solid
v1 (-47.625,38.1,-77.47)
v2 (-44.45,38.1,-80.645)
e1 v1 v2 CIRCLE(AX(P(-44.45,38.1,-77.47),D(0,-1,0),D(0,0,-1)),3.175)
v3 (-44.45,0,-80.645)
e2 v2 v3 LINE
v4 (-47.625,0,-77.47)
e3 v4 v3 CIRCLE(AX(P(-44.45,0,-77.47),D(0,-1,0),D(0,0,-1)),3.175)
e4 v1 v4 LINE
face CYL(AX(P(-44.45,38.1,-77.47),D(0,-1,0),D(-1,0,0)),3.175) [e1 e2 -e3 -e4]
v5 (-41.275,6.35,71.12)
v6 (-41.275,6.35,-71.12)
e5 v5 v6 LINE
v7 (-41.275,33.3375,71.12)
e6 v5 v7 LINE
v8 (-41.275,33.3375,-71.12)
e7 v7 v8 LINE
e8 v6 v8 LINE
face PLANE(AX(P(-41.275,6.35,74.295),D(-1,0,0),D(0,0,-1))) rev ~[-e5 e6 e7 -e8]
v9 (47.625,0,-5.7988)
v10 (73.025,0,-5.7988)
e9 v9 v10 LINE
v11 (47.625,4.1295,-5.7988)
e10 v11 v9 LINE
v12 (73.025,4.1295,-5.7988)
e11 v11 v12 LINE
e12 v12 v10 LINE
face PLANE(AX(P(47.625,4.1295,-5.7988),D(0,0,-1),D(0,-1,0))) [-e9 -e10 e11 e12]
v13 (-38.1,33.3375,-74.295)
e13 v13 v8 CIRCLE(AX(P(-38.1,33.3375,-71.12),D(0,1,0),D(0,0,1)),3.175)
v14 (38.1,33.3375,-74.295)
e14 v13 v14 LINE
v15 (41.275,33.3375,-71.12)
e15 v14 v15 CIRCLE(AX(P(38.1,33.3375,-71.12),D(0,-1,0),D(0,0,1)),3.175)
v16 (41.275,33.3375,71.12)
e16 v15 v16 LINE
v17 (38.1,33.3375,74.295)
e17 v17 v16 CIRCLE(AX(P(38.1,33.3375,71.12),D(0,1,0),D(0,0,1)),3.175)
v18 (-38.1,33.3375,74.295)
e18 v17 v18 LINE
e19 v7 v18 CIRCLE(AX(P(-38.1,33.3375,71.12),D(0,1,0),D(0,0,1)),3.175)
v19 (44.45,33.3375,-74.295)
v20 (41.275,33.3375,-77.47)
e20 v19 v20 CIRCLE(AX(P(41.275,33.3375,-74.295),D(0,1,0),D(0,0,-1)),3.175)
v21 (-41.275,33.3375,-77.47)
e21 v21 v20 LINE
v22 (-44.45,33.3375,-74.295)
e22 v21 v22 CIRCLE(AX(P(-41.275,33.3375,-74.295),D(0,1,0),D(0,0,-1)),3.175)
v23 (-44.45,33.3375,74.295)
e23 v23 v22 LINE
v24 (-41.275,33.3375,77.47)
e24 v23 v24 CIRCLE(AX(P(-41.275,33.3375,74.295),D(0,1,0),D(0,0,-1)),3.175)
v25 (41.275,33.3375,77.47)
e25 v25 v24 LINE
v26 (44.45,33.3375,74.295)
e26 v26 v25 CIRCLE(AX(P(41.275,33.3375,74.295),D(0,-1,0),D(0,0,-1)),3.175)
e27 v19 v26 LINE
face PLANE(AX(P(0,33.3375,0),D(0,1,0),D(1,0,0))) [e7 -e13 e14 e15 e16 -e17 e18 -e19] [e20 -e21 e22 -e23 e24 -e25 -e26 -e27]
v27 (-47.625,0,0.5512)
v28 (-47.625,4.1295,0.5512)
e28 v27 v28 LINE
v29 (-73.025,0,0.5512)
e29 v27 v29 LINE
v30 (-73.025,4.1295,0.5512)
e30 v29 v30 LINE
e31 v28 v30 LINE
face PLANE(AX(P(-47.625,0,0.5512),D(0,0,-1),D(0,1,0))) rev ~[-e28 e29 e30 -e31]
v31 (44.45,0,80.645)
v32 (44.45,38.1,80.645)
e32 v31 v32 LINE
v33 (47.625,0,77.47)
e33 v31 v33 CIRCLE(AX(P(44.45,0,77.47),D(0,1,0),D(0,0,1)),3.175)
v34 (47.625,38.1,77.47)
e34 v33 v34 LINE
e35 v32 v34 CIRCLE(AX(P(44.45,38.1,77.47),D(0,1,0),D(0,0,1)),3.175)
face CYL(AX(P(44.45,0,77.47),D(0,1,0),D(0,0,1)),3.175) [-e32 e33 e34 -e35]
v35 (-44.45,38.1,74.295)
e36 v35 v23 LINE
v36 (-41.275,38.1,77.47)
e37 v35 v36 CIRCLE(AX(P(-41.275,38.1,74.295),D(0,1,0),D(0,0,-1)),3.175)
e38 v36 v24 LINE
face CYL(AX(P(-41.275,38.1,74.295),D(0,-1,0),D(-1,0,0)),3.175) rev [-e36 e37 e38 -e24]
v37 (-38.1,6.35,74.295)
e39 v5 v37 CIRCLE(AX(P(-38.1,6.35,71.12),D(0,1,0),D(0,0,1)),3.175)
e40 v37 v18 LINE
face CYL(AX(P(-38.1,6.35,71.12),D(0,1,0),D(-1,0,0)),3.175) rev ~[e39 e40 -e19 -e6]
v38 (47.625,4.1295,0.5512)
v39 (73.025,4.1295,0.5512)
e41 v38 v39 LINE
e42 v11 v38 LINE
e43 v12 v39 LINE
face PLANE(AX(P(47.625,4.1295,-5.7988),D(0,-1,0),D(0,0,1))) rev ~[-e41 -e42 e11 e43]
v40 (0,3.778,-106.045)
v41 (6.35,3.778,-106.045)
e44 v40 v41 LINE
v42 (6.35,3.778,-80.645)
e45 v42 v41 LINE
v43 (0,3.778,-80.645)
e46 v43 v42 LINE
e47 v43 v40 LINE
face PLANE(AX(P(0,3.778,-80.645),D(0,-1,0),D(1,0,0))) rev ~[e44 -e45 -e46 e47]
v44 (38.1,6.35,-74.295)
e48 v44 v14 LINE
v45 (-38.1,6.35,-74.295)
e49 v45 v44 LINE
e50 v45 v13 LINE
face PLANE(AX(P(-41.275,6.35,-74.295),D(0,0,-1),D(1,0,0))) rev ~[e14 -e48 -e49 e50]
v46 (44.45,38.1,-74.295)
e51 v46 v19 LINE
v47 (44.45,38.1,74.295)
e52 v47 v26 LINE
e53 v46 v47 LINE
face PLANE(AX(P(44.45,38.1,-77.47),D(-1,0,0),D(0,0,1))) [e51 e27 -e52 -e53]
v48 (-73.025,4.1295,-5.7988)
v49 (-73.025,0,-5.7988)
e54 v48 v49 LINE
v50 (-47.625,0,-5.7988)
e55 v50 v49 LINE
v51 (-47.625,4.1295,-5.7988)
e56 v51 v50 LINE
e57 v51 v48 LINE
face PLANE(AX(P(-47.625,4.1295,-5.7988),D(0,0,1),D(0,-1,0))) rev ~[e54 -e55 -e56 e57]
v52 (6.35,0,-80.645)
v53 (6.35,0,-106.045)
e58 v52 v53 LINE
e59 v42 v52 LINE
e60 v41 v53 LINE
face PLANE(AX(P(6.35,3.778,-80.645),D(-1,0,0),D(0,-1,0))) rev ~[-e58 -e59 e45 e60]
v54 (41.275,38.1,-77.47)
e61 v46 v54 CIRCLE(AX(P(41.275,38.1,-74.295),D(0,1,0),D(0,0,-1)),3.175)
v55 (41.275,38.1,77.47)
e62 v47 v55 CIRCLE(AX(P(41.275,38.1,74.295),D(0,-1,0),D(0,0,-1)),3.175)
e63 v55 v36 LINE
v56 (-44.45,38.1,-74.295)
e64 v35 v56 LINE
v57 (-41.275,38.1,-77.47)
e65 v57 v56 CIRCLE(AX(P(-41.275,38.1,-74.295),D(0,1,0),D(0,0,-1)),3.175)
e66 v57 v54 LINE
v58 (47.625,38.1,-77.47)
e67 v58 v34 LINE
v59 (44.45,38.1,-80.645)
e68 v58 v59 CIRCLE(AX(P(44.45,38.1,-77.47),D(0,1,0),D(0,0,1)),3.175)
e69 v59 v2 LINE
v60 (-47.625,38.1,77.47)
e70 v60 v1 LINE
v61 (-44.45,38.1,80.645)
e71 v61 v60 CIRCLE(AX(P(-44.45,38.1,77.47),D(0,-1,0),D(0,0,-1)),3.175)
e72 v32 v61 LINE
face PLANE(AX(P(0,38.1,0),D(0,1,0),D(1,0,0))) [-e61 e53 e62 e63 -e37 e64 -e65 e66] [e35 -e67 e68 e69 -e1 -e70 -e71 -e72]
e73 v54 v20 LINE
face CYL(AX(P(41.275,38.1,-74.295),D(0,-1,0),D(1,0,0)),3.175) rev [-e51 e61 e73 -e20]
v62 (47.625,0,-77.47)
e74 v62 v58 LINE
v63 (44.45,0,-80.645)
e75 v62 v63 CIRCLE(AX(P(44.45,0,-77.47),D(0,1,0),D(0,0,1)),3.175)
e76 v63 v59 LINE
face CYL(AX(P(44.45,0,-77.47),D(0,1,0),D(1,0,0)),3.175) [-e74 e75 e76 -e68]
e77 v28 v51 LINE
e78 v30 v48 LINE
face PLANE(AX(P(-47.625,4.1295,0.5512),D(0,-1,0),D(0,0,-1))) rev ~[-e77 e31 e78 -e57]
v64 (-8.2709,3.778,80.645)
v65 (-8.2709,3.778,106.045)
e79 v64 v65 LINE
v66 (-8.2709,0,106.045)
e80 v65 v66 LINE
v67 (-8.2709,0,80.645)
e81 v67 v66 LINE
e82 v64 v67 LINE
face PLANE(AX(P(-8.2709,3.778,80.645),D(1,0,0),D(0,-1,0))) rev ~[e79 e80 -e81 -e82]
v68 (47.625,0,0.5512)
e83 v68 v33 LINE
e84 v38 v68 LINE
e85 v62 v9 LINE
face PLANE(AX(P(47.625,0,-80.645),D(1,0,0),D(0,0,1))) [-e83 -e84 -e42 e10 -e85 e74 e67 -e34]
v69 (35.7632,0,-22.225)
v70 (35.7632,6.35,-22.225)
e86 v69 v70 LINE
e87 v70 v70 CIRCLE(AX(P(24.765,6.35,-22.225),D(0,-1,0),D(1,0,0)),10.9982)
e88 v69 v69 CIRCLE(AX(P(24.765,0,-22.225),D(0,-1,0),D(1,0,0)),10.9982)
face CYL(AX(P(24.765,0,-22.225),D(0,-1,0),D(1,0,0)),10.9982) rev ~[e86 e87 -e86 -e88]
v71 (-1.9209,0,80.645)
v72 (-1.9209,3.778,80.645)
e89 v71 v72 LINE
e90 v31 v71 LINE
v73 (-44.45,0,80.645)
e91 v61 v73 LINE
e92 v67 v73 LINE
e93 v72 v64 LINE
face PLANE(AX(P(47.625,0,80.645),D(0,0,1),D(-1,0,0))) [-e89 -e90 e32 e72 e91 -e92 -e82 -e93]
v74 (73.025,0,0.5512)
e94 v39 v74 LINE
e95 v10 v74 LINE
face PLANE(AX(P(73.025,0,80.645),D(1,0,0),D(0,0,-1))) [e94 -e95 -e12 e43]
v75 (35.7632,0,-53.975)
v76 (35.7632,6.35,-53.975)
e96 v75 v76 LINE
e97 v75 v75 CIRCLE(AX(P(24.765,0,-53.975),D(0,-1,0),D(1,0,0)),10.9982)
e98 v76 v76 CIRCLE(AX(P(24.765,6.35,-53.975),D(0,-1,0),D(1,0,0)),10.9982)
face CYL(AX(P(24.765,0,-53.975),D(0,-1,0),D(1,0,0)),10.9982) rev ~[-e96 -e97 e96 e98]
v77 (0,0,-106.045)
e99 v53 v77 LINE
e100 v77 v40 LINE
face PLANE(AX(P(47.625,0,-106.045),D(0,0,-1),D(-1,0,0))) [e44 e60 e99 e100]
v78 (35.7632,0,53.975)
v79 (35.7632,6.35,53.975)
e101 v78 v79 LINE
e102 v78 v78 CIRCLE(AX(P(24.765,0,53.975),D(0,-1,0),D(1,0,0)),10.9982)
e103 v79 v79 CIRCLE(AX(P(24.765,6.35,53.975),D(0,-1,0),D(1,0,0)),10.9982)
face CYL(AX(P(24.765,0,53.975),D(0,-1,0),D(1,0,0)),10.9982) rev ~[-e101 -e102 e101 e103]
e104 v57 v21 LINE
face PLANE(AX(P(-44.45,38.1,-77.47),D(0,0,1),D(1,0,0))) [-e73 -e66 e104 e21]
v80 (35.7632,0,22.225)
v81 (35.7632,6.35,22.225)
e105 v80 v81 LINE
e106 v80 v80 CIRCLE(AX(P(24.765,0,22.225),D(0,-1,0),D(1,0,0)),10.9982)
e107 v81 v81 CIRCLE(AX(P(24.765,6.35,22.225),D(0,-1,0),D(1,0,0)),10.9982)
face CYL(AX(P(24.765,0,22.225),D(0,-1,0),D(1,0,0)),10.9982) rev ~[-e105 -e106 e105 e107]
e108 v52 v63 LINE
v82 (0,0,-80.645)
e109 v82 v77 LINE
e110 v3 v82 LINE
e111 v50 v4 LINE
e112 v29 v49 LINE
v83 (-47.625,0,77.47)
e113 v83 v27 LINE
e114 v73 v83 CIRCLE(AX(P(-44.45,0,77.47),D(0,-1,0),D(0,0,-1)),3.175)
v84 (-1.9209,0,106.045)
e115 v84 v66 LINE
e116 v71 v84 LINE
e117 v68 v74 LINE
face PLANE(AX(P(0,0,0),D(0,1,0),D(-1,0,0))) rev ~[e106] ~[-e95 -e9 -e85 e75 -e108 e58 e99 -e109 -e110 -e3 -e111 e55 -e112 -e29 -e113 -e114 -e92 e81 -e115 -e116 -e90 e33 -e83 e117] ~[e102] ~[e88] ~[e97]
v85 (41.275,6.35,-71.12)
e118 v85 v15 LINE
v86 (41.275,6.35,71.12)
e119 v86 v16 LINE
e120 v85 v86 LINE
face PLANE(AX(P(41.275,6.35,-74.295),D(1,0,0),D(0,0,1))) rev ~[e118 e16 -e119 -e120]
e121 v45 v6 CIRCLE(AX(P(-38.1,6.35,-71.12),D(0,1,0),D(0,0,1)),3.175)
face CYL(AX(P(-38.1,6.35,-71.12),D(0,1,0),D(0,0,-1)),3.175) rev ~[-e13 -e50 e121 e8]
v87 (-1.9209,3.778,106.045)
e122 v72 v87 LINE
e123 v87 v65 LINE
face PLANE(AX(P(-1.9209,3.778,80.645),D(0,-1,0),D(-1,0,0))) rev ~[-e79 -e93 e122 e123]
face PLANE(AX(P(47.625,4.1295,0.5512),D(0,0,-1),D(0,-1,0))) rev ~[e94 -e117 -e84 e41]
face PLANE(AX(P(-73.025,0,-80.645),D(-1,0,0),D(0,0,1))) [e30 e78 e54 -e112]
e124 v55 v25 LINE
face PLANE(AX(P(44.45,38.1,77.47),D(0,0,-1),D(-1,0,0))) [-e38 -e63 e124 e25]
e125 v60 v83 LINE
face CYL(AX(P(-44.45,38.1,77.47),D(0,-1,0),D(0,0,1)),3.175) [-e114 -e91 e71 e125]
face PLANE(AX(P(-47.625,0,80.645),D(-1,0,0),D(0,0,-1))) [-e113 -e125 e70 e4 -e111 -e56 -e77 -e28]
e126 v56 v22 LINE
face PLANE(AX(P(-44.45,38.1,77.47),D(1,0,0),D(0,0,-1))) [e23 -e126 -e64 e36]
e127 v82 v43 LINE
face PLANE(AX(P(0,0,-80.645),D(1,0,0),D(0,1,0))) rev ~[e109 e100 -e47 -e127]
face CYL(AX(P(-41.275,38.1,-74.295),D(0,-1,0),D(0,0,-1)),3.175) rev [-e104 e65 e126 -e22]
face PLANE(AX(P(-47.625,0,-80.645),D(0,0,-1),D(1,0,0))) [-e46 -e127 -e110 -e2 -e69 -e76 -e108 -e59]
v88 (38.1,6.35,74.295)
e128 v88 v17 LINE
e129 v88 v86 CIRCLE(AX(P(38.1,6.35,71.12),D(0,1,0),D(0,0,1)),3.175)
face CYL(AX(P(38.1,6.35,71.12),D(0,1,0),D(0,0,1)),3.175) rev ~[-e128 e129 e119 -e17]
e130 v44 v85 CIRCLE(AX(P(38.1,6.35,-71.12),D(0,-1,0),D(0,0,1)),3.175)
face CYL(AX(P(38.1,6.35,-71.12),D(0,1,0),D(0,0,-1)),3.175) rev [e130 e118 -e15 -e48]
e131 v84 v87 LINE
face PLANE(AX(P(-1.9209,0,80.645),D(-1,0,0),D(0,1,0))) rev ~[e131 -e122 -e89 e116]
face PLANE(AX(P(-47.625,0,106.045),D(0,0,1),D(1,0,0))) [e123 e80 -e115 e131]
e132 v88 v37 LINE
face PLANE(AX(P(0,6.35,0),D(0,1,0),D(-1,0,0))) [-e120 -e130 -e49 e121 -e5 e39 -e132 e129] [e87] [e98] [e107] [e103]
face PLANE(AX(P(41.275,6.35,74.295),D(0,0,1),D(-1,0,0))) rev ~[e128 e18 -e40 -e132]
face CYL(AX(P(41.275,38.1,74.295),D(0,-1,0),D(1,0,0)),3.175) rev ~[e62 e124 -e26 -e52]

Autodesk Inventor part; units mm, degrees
ref_plane "YZ Plane" through (0, 0, 0) normal (1, 0, 0) x (0, 1, 0)
ref_plane "XZ Plane" through (0, 0, 0) normal (0, 1, 0) x (-1, 0, 0)
ref_plane "XY Plane" through (0, 0, 0) normal (0, 0, 1) x (1, 0, 0)
sketch "Sketch2" plane through (0, 0, 0) normal (0, 1, 0) x (-1, 0, 0)
  line L0 (-47.625, 80.645) -> (47.625, 80.645)
  line L1 (47.625, 80.645) -> (47.625, -80.645)
  line L2 (47.625, -80.645) -> (-47.625, -80.645)
  line L3 (-47.625, -80.645) -> (-47.625, 80.645)
  line L4 (-47.625, 80.645) -> (47.625, -80.645) construction
  line L5 (47.625, 80.645) -> (-47.625, -80.645) construction
  point P0 (0, 0)
  dimension "d6" = 161.29
  dimension "d7" = 95.25
extrude "Extrusion2" add sketch "Sketch2" along normal blind 6.35
sketch "Sketch3" plane through (0, 6.35, 0) normal (0, 1, 0) x (1, 0, 0)
  line L0 (47.625, 80.645) -> (-47.625, 80.645) projected
  line L1 (47.625, -80.645) -> (-47.625, -80.645)
  line L2 (-47.625, -80.645) -> (-47.625, 80.645)
  line L3 (-47.625, 80.645) -> (47.625, 80.645)
  line L4 (47.625, 80.645) -> (47.625, -80.645)
  line L5 (47.625, -80.645) -> (-47.625, 80.645) construction
  line L6 (-47.625, -80.645) -> (47.625, 80.645) construction
  line L7 (41.275, -74.295) -> (-41.275, -74.295)
  line L8 (-41.275, -74.295) -> (-41.275, 74.295)
  line L9 (-41.275, 74.295) -> (41.275, 74.295)
  line L10 (41.275, 74.295) -> (41.275, -74.295)
  line L11 (41.275, -74.295) -> (-41.275, 74.295) construction
  line L12 (-41.275, -74.295) -> (41.275, 74.295) construction
  point P0 (0, 0)
  dimension "d10" = 148.59
  dimension "d11" = 82.55
extrude "Extrusion3" add sketch "Sketch3" along normal blind 31.75
sketch "Sketch6" plane through (0, 38.1, 0) normal (0, 1, 0) x (1, 0, 0)
  line L0 (44.45, -77.47) -> (-44.45, -77.47)
  line L1 (-44.45, -77.47) -> (-44.45, 77.47)
  line L2 (-44.45, 77.47) -> (44.45, 77.47)
  line L3 (44.45, 77.47) -> (44.45, -77.47)
  line L4 (44.45, -77.47) -> (-44.45, 77.47) construction
  line L5 (-44.45, -77.47) -> (44.45, 77.47) construction
  point P0 (0, 0)
  dimension "d29" = 154.94
  dimension "d30" = 88.9
extrude "Extrusion6" cut sketch "Sketch6" against normal blind 4.7625
sketch "Sketch9" plane through (-47.625, 0, -80.645) normal (-1, 0, 0) x (0, 0, 1)
  line L0 (161.29, 0) -> (0, 0) projected
  line L1 (74.8462, 0) -> (81.1962, 0)
  line L2 (81.1962, 0) -> (81.1962, 4.1295)
  line L3 (81.1962, 4.1295) -> (74.8462, 4.1295)
  line L4 (74.8462, 4.1295) -> (74.8462, 0)
  point P0 (80.645, 0)
  dimension "d57" = 6.35
extrude "Extrusion9" add sketch "Sketch9" along normal blind 25.4
sketch "Sketch10" plane through (-47.625, 0, 80.645) normal (0, 0, 1) x (1, 0, 0)
  line L0 (95.25, 0) -> (0, 0) projected
  line L1 (39.3541, 0) -> (45.7041, 0)
  line L2 (45.7041, 0) -> (45.7041, 3.778)
  line L3 (45.7041, 3.778) -> (39.3541, 3.778)
  line L4 (39.3541, 3.778) -> (39.3541, 0)
  point P0 (47.625, 0)
  dimension "d56" = 6.35
extrude "Extrusion10" add sketch "Sketch10" along normal blind 25.4
sketch "Sketch11" plane through (47.625, 0, 80.645) normal (1, 0, 0) x (0, 0, -1)
  line L0 (161.29, 0) -> (0, 0) projected
  line L1 (86.4438, 4.1295) -> (86.4438, 0) projected
  line L2 (80.0938, 0) -> (86.4438, 0)
  line L3 (86.4438, 0) -> (86.4438, 4.1295)
  line L4 (86.4438, 4.1295) -> (80.0938, 4.1295)
  line L5 (80.0938, 4.1295) -> (80.0938, 0)
  point P0 (80.645, 0)
  dimension "d55" = 6.35
extrude "Extrusion11" add sketch "Sketch11" along normal blind 25.4
sketch "Sketch12" plane through (47.625, 0, -80.645) normal (0, 0, -1) x (-1, 0, 0)
  line L0 (41.275, 0) -> (47.625, 0)
  line L1 (47.625, 0) -> (47.625, 3.778)
  line L2 (47.625, 3.778) -> (41.275, 3.778)
  line L3 (41.275, 3.778) -> (41.275, 0)
  dimension "d54" = 6.35
extrude "Extrusion12" add sketch "Sketch12" along normal blind 25.4
fillet "Fillet1" radius 3.175 12 edges at (47.625, 19.05, 80.645) (47.625, 19.05, -80.645) (-47.625, 19.05, -80.645) (-47.625, 19.05, 80.645) (44.45, 35.7187, -77.47) (41.275, 19.8437, -74.295) (-41.275, 19.8437, -74.295) (-44.45, 35.7187, -77.47) (-41.275, 19.8437, 74.295) (-44.45, 35.7187, 77.47) (41.275, 19.8437, 74.295) (44.45, 35.7187, 77.47)
sketch "Sketch13" plane through (0, 0, 0) normal (0, -1, 0) x (1, 0, 0)
  line L0 (-24.765, 53.975) -> (24.765, 53.975) construction
  line L1 (24.765, 53.975) -> (24.765, -53.975) construction
  line L2 (24.765, -53.975) -> (-24.765, -53.975) construction
  line L3 (-24.765, -53.975) -> (-24.765, 53.975) construction
  line L4 (-24.765, 53.975) -> (24.765, -53.975) construction
  line L5 (24.765, 53.975) -> (-24.765, -53.975) construction
  circle A0 centre (24.765, 53.975) radius 10.9982
  circle A1 centre (24.765, 22.225) radius 10.9982
  circle A2 centre (24.765, -22.225) radius 10.9982
  circle A3 centre (24.765, -53.975) radius 10.9982
  line L6 (-47.625, -5.7988) -> (-47.625, -77.47) construction
  point P0 (0, 0)
  dimension "d58" = 21.9964
  dimension "d59" = 21.9964
  dimension "d60" = 21.9964
  dimension "d61" = 21.9964
  dimension "d62" = 31.75
  dimension "d63" = 44.45
  dimension "d64" = 31.75
  dimension "d66" = 72.39
extrude "Extrusion13" cut sketch "Sketch13" against normal up to next
properties part number "iceTubeClockBase"
